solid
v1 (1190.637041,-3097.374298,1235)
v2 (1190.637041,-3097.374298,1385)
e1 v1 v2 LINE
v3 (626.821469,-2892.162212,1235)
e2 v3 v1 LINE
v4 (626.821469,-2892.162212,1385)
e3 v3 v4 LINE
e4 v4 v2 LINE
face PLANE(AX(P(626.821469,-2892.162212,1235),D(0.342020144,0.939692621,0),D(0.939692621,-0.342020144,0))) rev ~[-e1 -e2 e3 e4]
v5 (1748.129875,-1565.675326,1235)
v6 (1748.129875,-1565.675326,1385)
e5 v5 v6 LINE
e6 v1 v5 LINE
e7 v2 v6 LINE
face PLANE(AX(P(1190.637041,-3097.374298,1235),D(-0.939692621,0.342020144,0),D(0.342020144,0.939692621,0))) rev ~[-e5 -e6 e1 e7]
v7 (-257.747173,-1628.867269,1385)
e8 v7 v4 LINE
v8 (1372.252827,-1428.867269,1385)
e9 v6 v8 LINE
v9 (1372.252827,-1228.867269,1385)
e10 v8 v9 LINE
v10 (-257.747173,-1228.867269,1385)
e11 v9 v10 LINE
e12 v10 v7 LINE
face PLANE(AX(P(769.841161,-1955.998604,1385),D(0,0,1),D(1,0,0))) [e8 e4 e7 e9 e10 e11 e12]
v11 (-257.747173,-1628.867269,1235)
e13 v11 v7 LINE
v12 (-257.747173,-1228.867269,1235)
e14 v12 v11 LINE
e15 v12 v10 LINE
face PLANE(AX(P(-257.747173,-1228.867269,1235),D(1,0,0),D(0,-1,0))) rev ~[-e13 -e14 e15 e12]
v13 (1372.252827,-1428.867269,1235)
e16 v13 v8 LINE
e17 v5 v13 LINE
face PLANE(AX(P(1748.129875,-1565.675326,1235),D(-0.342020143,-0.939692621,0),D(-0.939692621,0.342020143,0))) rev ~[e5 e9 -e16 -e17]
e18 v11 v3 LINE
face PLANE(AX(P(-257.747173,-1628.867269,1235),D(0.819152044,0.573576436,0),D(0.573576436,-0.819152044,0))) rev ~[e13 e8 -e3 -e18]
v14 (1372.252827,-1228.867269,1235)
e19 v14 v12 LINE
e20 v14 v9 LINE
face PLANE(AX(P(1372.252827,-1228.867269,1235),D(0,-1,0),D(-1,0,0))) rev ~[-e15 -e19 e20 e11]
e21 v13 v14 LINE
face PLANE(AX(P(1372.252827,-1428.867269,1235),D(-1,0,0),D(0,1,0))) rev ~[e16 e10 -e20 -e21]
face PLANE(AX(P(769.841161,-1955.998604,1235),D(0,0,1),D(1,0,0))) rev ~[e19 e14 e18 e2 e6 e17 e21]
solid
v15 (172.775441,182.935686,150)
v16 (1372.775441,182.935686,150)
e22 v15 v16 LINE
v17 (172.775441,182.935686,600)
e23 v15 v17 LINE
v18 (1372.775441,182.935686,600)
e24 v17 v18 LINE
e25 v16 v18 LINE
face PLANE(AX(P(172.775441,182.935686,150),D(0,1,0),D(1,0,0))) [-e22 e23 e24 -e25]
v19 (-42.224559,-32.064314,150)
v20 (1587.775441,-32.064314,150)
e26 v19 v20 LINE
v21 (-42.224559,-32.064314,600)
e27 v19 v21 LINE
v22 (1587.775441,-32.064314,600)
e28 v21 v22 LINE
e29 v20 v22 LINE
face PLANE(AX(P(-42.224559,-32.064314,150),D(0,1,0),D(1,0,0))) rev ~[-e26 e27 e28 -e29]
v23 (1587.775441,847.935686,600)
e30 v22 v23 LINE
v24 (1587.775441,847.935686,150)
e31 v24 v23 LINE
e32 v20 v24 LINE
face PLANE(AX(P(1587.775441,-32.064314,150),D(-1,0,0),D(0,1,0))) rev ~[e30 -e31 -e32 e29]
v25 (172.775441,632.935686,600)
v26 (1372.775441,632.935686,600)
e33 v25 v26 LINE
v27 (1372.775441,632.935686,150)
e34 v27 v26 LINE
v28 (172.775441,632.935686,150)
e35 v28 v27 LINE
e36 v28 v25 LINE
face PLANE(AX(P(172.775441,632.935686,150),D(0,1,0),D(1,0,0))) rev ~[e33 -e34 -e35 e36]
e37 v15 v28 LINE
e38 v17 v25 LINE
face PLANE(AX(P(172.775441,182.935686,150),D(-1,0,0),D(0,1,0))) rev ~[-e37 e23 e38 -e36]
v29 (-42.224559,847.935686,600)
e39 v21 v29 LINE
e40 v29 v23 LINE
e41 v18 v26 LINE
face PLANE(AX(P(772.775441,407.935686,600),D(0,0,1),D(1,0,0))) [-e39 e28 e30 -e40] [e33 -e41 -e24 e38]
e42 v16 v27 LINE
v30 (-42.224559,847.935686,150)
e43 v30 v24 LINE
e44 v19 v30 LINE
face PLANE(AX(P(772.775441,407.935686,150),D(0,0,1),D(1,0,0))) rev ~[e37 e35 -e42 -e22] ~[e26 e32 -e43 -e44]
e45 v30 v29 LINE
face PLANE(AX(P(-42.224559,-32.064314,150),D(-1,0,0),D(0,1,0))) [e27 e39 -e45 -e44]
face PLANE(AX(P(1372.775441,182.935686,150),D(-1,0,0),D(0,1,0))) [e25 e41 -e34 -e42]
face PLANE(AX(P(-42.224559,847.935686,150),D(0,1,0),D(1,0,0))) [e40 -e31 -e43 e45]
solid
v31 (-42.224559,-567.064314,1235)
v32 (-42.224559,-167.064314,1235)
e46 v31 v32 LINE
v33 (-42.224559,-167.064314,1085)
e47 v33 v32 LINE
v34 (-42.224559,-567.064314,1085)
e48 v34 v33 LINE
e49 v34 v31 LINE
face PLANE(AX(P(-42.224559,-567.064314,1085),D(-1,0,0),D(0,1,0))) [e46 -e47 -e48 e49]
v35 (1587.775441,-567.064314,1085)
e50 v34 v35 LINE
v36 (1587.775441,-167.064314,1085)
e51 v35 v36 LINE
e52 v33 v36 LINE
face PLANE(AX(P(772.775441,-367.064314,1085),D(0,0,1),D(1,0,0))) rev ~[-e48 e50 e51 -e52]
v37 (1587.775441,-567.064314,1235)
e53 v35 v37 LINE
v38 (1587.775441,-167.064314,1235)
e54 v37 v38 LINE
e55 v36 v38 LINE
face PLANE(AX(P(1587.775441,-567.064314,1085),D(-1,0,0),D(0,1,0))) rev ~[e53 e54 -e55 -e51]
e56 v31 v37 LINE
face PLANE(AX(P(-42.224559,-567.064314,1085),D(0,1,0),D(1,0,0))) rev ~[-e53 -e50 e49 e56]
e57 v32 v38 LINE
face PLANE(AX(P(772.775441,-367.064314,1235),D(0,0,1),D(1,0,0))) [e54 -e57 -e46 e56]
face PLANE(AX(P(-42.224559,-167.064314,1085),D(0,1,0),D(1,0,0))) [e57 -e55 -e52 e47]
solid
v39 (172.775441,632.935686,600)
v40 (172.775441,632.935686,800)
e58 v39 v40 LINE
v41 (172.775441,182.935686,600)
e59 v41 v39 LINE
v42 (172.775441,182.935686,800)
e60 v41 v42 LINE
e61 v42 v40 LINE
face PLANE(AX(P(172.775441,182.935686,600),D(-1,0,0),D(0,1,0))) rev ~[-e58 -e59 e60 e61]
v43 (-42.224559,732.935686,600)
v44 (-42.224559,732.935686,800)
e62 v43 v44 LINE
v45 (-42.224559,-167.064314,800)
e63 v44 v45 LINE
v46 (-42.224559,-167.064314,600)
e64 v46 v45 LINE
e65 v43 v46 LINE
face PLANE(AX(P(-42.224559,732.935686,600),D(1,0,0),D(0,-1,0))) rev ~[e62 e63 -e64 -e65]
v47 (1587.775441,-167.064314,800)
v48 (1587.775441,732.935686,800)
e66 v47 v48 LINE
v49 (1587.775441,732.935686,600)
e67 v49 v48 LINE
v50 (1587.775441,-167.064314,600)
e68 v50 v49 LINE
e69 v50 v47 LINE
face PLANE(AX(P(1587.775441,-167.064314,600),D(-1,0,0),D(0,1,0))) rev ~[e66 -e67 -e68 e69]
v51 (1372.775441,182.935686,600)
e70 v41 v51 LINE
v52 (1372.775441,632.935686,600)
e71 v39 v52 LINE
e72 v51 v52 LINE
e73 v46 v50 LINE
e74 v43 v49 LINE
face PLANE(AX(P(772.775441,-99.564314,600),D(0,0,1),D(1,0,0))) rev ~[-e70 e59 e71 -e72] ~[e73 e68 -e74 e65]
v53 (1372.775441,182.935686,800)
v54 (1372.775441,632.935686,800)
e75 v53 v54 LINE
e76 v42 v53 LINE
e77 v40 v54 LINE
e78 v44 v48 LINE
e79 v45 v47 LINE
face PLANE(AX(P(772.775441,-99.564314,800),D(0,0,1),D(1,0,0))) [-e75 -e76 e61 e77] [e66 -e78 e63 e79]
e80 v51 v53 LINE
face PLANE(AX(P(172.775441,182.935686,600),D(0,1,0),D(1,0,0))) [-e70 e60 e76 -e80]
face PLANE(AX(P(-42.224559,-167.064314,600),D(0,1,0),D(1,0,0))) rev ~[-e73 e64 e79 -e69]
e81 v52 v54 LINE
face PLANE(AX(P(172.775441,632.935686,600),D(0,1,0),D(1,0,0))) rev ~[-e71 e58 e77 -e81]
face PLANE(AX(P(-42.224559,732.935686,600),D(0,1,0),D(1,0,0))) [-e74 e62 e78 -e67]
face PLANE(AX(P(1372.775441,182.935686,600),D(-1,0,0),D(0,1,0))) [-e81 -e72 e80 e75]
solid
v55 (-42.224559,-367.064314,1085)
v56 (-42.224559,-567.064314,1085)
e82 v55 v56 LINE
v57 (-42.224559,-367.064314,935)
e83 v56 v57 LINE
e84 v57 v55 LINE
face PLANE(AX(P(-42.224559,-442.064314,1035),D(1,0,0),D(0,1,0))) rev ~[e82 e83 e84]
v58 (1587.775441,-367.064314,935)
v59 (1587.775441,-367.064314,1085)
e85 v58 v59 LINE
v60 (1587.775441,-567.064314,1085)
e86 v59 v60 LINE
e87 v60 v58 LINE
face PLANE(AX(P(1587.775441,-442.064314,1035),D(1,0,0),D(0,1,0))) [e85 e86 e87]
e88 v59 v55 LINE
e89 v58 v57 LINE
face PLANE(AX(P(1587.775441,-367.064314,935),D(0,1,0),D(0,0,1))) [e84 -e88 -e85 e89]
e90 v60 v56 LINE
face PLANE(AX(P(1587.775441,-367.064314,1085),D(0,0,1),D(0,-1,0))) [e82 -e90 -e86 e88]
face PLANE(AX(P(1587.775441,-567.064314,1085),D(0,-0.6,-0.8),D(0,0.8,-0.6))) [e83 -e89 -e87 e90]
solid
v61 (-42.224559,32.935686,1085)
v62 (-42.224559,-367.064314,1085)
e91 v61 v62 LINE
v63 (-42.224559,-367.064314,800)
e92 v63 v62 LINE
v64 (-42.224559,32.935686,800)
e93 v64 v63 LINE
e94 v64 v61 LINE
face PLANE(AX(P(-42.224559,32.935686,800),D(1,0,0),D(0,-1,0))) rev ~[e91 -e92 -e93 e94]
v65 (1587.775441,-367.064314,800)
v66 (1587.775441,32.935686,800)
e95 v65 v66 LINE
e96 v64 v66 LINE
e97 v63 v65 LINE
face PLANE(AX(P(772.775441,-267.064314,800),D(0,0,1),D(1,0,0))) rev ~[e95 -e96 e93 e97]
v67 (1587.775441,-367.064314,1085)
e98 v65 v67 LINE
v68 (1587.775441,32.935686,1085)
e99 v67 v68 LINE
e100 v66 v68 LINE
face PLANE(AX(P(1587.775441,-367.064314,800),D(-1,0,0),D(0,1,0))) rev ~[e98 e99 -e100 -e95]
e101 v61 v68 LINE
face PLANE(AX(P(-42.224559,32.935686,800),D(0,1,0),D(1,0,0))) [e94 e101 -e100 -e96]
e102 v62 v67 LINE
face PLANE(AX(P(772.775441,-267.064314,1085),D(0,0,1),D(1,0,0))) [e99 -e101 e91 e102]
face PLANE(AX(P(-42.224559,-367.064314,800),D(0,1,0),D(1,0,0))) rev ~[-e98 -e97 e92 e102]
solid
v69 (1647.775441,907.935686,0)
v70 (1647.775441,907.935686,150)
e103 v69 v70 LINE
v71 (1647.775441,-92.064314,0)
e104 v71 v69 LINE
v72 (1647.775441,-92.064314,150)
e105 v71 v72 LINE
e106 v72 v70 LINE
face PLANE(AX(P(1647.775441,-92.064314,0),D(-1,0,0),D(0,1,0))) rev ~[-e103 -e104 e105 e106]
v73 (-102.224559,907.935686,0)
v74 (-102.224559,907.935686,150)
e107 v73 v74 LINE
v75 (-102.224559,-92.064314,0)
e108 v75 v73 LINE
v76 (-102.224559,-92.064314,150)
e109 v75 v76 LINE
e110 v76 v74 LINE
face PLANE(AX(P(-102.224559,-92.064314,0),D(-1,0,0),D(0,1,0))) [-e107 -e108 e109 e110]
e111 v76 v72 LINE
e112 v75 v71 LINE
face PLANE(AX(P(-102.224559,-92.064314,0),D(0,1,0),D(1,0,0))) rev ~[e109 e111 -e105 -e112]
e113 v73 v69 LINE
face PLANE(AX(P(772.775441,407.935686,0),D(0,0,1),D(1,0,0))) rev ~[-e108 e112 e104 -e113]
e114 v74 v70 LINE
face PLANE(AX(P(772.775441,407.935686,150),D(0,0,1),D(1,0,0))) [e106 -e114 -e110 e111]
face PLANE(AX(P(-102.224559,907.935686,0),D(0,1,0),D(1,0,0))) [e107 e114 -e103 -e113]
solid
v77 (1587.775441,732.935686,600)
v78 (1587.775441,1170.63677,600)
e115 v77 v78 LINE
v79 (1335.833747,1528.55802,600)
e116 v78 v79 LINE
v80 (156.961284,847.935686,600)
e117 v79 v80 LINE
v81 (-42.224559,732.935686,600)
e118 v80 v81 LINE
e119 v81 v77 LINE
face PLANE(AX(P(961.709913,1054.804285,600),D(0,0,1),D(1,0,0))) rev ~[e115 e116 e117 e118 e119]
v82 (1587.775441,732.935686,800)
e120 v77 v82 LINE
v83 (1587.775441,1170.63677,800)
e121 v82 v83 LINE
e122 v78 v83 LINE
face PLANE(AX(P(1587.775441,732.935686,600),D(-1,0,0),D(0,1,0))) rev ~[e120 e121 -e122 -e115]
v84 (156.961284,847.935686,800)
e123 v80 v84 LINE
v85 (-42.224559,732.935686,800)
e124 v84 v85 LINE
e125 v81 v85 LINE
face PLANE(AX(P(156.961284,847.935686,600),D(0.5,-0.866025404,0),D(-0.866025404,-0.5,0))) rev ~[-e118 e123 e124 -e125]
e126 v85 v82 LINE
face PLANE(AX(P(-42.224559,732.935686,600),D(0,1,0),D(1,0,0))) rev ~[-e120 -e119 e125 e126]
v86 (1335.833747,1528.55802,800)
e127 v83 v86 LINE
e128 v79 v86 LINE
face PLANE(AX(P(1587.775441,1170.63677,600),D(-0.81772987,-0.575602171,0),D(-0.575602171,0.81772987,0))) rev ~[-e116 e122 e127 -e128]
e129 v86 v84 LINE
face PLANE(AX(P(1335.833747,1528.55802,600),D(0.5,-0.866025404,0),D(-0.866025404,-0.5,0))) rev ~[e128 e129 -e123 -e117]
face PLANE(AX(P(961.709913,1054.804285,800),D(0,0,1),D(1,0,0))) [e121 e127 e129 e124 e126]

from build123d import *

# Parameters (mm, degrees)
F0_W      = 1750
F0_H      = 1000
F1_DEPTH  = 150
F2_W      = 1630
F2_H      = 880
F2_W_2    = 1200
F2_H_2    = 450
F3_DEPTH  = 450
F4_W      = 1630
F4_H      = 135
F4_H_2    = 765
F4_W_2    = 1200
F4_H_3    = 450
F5_DEPTH  = 200
F6_W      = 1630
F6_H      = 200
F7_DEPTH  = 285
F8_W      = 1630
F8_H      = 400
F9_DEPTH  = 150
F11_DEPTH = 1630
F13_DEPTH = 150
F14_W     = 1615
F14_H     = 3045
F15_DEPTH = 150
F19_DEPTH = 200
F21_DEPTH = 150


with BuildPart() as f1:
    # F0 (on Top) → F1 (new body)
    with BuildSketch(Plane.XY):
        with Locations((772.775441, 407.935686)):
            Rectangle(F0_W, F0_H)
    extrude(amount=F1_DEPTH)


with BuildPart() as f3:
    # F2 (on face) → F3 (new body)
    with BuildSketch(Plane.XY.offset(150)):
        with Locations((772.775441, 407.935686)):
            Rectangle(F2_W, F2_H)
        with Locations((772.775441, 407.935686)):
            Rectangle(F2_W_2, F2_H_2, mode=Mode.SUBTRACT)
    extrude(amount=F3_DEPTH)


with BuildPart() as f5:
    # F4 (on face) → F5 (new body)
    with BuildSketch(Plane.XY.offset(600)):
        with Locations((772.775441, -99.564314)):
            Rectangle(F4_W, F4_H)
        with Locations((772.775441, 350.435686)):
            Rectangle(F4_W, F4_H_2)
        with Locations((772.775441, 407.935686)):
            Rectangle(F4_W_2, F4_H_3, mode=Mode.SUBTRACT)
    extrude(amount=F5_DEPTH)


with BuildPart() as f7:
    # F6 (on face) → F7 (new body)
    with BuildSketch(Plane.XY.offset(800)):
        with Locations((772.775441, -267.064314)):
            Rectangle(F6_W, F6_H)
        with Locations((772.775441, -67.064314)):
            Rectangle(F6_W, F6_H)
    extrude(amount=F7_DEPTH)


with BuildPart() as f9:
    # F8 (on face) → F9 (new body)
    with BuildSketch(Plane.XY.offset(1085)):
        with Locations((772.775441, -367.064314)):
            Rectangle(F8_W, F8_H)
    extrude(amount=F9_DEPTH)


with BuildPart() as f11:
    # F10 (on face) → F11 (new body)
    with BuildSketch(Plane.YZ.offset(1587.775441)):
        Polygon((-367.064314, 935), (-367.064314, 1085), (-567.064314, 1085), align=None)
    extrude(amount=-F11_DEPTH)


with BuildPart() as f13:
    # F12 (on face) → F13 (new body)
    with BuildSketch(Plane.XY.offset(1235)):
        Polygon((1759.989725, -1001.661468), (129.989725, -1001.661468), (129.989725, -1201.661468), (-70.010275, -1201.661468), (-70.010275, -2831.661468), (1759.989725, -2831.661468), align=None)
    extrude(amount=F13_DEPTH)


with BuildPart() as f15:
    # F14 (on face) → F15 (new body)
    with BuildSketch(Plane.XY.offset(1385)):
        with Locations((-1271.28089, -3268.740692)):
            Rectangle(F14_W, F14_H)
    extrude(amount=F15_DEPTH)


with BuildPart() as f19:
    # F18 (on face) → F19 (new body)
    with BuildSketch(Plane.XY.offset(600)):
        Polygon((156.961284, 847.935686), (1587.775441, 847.935686), (1587.775441, 1170.63677), (1335.833747, 1528.55802), align=None)
        Polygon((-42.224559, 732.935686), (1587.775441, 732.935686), (1587.775441, 847.935686), (156.961284, 847.935686), align=None)
    extrude(amount=F19_DEPTH)


with BuildPart() as f21:
    # F20 (on face) → F21 (new body)
    with BuildSketch(Plane.XY.offset(1235)):
        Polygon((1372.252827, -1428.867269), (1372.252827, -1228.867269), (-257.747173, -1228.867269), (-257.747173, -1628.867269), (626.821469, -2892.162212), (1190.637041, -3097.374298), (1748.129875, -1565.675326), align=None)
    extrude(amount=F21_DEPTH)


solid = Compound([f1.part, f3.part, f5.part, f7.part, f9.part, f11.part, f19.part, f21.part])
